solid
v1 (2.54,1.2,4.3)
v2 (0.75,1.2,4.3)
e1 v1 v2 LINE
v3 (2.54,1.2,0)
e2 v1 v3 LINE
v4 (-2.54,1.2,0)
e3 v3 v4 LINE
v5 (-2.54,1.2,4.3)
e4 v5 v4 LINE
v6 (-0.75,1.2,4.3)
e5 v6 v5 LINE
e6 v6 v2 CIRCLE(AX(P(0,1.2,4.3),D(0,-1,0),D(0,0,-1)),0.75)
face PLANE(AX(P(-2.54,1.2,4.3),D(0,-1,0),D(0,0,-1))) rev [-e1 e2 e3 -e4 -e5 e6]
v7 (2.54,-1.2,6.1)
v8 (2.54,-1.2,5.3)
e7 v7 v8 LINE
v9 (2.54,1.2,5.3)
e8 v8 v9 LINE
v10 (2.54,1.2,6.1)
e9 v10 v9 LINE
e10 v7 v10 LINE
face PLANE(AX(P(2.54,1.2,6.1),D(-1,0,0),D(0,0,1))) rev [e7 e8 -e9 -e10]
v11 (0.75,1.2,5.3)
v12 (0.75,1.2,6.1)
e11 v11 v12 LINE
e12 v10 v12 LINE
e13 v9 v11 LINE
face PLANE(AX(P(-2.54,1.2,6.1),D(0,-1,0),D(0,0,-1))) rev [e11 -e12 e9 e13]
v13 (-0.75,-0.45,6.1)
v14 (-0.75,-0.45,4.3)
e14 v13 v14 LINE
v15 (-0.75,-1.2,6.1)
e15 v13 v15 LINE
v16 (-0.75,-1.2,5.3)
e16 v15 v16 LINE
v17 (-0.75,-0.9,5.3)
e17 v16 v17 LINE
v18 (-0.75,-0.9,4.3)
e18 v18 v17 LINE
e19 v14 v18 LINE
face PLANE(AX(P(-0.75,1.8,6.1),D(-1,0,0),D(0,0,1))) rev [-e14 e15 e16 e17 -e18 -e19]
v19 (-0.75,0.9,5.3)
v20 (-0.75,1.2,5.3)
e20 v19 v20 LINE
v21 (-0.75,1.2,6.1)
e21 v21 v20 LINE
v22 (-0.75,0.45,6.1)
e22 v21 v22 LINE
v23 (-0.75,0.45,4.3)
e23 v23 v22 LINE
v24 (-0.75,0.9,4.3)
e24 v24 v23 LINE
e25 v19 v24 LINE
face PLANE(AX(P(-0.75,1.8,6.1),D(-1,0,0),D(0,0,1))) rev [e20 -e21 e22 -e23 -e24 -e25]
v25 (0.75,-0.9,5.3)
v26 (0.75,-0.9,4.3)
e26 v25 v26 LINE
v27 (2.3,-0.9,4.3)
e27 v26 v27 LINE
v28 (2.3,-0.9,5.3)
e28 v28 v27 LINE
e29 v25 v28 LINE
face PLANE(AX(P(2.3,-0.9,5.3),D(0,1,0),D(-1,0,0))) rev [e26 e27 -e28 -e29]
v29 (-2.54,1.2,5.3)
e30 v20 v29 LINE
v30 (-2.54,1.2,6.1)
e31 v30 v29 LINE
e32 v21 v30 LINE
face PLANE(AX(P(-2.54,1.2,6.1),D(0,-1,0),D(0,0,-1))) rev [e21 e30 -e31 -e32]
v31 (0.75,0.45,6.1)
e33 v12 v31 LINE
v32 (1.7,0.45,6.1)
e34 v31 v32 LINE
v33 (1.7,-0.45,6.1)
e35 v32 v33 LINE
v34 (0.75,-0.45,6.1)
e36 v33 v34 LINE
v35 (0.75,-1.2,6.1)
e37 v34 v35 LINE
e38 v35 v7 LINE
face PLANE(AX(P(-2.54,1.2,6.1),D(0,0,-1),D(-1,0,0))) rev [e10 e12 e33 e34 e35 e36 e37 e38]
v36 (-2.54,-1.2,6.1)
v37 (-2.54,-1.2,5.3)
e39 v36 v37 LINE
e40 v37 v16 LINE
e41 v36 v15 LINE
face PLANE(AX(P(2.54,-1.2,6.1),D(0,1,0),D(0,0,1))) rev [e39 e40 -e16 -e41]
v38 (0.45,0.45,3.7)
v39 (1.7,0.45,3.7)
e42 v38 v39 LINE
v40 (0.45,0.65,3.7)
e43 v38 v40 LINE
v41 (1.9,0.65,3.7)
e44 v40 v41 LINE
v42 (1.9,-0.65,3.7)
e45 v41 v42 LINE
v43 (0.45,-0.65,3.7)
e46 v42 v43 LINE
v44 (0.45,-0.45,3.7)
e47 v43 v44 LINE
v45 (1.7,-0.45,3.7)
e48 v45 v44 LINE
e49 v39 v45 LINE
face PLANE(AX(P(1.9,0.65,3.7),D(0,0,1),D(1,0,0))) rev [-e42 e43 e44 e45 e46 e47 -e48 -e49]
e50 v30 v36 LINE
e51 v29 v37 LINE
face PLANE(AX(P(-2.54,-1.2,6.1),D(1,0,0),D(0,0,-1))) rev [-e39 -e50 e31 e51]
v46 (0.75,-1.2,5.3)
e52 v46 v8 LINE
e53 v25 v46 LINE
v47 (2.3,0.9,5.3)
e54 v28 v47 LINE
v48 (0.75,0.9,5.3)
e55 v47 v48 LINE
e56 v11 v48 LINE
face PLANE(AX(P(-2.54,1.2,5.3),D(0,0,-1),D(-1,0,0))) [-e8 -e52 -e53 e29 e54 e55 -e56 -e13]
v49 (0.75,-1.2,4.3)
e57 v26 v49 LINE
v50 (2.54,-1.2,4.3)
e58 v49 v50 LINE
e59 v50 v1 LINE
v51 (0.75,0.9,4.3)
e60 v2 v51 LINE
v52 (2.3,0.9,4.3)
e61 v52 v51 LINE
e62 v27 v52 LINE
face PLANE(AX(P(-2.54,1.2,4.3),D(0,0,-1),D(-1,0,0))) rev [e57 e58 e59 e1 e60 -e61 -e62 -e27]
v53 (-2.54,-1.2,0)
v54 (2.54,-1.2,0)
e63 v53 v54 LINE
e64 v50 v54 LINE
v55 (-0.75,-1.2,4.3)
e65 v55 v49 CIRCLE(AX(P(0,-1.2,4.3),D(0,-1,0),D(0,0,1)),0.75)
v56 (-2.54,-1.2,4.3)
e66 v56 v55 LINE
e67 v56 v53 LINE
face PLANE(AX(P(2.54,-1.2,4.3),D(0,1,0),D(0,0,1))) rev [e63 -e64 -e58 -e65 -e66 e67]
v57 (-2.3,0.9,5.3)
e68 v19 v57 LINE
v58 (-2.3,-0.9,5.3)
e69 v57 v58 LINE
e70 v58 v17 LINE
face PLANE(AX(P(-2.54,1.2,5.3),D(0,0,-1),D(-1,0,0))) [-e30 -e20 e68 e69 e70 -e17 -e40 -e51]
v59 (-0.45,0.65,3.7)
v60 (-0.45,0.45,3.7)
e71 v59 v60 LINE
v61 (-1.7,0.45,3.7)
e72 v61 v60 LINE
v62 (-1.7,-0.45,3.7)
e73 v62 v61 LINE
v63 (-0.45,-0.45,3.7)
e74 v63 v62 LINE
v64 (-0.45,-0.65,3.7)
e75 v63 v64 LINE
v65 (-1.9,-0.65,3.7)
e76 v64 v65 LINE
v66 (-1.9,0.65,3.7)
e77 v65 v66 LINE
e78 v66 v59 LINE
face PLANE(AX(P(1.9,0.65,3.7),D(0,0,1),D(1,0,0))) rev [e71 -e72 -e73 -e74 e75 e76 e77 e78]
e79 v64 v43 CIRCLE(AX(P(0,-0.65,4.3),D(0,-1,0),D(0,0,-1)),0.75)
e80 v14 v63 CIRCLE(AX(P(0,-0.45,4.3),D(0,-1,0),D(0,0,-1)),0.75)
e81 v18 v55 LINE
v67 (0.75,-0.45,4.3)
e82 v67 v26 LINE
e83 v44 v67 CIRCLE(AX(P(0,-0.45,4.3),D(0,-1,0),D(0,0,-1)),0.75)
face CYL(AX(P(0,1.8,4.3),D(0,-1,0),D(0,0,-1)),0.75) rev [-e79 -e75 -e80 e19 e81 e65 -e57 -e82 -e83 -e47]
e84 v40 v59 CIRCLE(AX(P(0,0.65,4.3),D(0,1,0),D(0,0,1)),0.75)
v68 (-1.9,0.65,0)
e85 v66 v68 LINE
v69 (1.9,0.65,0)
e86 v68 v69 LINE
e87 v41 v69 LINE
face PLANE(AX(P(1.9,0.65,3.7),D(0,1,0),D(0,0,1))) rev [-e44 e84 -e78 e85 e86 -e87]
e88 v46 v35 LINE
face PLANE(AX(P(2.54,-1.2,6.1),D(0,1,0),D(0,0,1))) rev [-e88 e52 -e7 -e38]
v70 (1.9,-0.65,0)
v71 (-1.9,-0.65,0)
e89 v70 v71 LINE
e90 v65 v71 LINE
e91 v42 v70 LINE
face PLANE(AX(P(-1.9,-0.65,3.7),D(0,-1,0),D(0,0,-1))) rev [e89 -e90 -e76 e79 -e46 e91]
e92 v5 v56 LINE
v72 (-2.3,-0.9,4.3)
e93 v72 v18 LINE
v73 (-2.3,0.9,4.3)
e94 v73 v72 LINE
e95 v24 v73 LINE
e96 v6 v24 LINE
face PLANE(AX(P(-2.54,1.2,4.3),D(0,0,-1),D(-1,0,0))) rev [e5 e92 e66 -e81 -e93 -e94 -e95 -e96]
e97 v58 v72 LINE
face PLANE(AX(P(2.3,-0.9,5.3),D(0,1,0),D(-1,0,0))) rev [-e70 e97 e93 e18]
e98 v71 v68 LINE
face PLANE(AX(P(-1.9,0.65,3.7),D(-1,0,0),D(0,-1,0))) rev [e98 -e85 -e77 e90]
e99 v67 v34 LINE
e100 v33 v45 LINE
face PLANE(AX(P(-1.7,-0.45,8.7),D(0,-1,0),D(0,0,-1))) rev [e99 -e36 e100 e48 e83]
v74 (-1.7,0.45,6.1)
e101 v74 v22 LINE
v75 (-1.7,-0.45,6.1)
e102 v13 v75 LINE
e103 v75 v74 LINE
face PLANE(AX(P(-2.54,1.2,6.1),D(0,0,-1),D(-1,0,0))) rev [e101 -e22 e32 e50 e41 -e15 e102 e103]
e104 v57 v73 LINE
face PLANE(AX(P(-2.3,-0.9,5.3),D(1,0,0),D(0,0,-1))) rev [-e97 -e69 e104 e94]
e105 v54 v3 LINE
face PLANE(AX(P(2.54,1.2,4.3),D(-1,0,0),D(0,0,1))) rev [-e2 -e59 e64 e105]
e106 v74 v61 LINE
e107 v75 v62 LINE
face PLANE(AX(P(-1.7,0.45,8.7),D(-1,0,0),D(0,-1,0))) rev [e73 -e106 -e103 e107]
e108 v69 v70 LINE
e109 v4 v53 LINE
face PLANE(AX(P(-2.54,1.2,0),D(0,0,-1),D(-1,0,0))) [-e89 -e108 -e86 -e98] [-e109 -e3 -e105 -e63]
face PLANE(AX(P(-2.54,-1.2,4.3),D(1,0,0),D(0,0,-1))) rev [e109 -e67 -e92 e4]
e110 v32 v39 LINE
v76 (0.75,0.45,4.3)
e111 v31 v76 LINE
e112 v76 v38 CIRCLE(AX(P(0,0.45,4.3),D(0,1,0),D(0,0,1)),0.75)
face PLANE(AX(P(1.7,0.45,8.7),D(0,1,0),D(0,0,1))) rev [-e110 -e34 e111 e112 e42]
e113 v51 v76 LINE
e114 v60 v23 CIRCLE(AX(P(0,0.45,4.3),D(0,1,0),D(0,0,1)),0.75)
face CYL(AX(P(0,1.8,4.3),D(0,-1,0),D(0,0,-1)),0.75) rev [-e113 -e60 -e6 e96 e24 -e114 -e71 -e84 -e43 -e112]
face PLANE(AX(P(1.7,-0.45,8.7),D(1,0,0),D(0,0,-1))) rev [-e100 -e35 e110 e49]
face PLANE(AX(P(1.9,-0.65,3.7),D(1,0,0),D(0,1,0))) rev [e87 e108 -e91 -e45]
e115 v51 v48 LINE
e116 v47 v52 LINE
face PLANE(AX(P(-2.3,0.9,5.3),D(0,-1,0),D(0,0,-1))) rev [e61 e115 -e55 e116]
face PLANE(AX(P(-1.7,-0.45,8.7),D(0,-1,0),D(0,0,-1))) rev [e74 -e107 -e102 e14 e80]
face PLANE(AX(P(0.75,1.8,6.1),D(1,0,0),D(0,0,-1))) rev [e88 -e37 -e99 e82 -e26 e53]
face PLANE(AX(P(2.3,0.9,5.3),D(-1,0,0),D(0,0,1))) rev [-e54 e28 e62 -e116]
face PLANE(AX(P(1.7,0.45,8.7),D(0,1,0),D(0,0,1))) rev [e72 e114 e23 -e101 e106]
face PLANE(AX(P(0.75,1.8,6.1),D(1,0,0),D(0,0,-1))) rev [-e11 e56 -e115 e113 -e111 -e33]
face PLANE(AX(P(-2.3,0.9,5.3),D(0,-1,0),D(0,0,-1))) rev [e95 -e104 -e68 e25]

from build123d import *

# Parameters (mm, degrees)
SKETCH1_W             = 5.08
SKETCH1_H             = 2.4
EXTRUDE_223_DEPTH     = 4.3
SKETCH2_W             = 4.6
SKETCH2_H             = 1.8
EXTRUDE_304_DEPTH     = 1
SKETCH3_W             = 5.08
SKETCH3_H             = 2.4
EXTRUDE_441_DEPTH     = 0.8
SKETCH4_W             = 3.8
SKETCH4_H             = 1.3
CUT_EXTRUDE_523_DEPTH = 3.7
SKETCH5_W             = 3.4
SKETCH5_H             = 0.9
CUT_EXTRUDE_605_DEPTH = 5
CUT_EXTRUDE_729_DEPTH = 3


with BuildPart() as part:
    # Sketch1 → Extrude 223 (new body)
    with BuildSketch(Plane.XY):
        Rectangle(SKETCH1_W, SKETCH1_H)
    extrude(amount=EXTRUDE_223_DEPTH)

    # Sketch2 → Extrude 304 (add)
    with BuildSketch(Plane.XY.offset(4.3)):
        Rectangle(SKETCH2_W, SKETCH2_H)
    extrude(amount=EXTRUDE_304_DEPTH)

    # Sketch3 → Extrude 441 (add)
    with BuildSketch(Plane.XY.offset(5.3)):
        Rectangle(SKETCH3_W, SKETCH3_H)
    extrude(amount=EXTRUDE_441_DEPTH)

    # Sketch4 → Cut-Extrude 523 (cut)
    with BuildSketch(Plane(origin=(0, 0, 0), x_dir=(-1, 0, 0), z_dir=(0, 0, -1))):
        Rectangle(SKETCH4_W, SKETCH4_H)
    extrude(amount=-CUT_EXTRUDE_523_DEPTH, mode=Mode.SUBTRACT)

    # Sketch5 → Cut-Extrude 605 (cut)
    with BuildSketch(Plane(origin=(0, 0, 3.7), x_dir=(-1, 0, 0), z_dir=(0, 0, -1))):
        Rectangle(SKETCH5_W, SKETCH5_H)
    extrude(amount=-CUT_EXTRUDE_605_DEPTH, mode=Mode.SUBTRACT)

    # Sketch7 → Cut-Extrude 729 (cut)
    with BuildSketch(Plane.XZ.offset(1.2)):
        with BuildLine():
            Line((-0.75, 6.1), (-0.75, 4.3))
            ThreePointArc((-0.75, 4.3), (0, 3.55), (0.75, 4.3))
            Line((0.75, 4.3), (0.75, 6.1))
            Line((0.75, 6.1), (-0.75, 6.1))
        make_face()
    extrude(amount=-CUT_EXTRUDE_729_DEPTH, mode=Mode.SUBTRACT)


solid = part.part
